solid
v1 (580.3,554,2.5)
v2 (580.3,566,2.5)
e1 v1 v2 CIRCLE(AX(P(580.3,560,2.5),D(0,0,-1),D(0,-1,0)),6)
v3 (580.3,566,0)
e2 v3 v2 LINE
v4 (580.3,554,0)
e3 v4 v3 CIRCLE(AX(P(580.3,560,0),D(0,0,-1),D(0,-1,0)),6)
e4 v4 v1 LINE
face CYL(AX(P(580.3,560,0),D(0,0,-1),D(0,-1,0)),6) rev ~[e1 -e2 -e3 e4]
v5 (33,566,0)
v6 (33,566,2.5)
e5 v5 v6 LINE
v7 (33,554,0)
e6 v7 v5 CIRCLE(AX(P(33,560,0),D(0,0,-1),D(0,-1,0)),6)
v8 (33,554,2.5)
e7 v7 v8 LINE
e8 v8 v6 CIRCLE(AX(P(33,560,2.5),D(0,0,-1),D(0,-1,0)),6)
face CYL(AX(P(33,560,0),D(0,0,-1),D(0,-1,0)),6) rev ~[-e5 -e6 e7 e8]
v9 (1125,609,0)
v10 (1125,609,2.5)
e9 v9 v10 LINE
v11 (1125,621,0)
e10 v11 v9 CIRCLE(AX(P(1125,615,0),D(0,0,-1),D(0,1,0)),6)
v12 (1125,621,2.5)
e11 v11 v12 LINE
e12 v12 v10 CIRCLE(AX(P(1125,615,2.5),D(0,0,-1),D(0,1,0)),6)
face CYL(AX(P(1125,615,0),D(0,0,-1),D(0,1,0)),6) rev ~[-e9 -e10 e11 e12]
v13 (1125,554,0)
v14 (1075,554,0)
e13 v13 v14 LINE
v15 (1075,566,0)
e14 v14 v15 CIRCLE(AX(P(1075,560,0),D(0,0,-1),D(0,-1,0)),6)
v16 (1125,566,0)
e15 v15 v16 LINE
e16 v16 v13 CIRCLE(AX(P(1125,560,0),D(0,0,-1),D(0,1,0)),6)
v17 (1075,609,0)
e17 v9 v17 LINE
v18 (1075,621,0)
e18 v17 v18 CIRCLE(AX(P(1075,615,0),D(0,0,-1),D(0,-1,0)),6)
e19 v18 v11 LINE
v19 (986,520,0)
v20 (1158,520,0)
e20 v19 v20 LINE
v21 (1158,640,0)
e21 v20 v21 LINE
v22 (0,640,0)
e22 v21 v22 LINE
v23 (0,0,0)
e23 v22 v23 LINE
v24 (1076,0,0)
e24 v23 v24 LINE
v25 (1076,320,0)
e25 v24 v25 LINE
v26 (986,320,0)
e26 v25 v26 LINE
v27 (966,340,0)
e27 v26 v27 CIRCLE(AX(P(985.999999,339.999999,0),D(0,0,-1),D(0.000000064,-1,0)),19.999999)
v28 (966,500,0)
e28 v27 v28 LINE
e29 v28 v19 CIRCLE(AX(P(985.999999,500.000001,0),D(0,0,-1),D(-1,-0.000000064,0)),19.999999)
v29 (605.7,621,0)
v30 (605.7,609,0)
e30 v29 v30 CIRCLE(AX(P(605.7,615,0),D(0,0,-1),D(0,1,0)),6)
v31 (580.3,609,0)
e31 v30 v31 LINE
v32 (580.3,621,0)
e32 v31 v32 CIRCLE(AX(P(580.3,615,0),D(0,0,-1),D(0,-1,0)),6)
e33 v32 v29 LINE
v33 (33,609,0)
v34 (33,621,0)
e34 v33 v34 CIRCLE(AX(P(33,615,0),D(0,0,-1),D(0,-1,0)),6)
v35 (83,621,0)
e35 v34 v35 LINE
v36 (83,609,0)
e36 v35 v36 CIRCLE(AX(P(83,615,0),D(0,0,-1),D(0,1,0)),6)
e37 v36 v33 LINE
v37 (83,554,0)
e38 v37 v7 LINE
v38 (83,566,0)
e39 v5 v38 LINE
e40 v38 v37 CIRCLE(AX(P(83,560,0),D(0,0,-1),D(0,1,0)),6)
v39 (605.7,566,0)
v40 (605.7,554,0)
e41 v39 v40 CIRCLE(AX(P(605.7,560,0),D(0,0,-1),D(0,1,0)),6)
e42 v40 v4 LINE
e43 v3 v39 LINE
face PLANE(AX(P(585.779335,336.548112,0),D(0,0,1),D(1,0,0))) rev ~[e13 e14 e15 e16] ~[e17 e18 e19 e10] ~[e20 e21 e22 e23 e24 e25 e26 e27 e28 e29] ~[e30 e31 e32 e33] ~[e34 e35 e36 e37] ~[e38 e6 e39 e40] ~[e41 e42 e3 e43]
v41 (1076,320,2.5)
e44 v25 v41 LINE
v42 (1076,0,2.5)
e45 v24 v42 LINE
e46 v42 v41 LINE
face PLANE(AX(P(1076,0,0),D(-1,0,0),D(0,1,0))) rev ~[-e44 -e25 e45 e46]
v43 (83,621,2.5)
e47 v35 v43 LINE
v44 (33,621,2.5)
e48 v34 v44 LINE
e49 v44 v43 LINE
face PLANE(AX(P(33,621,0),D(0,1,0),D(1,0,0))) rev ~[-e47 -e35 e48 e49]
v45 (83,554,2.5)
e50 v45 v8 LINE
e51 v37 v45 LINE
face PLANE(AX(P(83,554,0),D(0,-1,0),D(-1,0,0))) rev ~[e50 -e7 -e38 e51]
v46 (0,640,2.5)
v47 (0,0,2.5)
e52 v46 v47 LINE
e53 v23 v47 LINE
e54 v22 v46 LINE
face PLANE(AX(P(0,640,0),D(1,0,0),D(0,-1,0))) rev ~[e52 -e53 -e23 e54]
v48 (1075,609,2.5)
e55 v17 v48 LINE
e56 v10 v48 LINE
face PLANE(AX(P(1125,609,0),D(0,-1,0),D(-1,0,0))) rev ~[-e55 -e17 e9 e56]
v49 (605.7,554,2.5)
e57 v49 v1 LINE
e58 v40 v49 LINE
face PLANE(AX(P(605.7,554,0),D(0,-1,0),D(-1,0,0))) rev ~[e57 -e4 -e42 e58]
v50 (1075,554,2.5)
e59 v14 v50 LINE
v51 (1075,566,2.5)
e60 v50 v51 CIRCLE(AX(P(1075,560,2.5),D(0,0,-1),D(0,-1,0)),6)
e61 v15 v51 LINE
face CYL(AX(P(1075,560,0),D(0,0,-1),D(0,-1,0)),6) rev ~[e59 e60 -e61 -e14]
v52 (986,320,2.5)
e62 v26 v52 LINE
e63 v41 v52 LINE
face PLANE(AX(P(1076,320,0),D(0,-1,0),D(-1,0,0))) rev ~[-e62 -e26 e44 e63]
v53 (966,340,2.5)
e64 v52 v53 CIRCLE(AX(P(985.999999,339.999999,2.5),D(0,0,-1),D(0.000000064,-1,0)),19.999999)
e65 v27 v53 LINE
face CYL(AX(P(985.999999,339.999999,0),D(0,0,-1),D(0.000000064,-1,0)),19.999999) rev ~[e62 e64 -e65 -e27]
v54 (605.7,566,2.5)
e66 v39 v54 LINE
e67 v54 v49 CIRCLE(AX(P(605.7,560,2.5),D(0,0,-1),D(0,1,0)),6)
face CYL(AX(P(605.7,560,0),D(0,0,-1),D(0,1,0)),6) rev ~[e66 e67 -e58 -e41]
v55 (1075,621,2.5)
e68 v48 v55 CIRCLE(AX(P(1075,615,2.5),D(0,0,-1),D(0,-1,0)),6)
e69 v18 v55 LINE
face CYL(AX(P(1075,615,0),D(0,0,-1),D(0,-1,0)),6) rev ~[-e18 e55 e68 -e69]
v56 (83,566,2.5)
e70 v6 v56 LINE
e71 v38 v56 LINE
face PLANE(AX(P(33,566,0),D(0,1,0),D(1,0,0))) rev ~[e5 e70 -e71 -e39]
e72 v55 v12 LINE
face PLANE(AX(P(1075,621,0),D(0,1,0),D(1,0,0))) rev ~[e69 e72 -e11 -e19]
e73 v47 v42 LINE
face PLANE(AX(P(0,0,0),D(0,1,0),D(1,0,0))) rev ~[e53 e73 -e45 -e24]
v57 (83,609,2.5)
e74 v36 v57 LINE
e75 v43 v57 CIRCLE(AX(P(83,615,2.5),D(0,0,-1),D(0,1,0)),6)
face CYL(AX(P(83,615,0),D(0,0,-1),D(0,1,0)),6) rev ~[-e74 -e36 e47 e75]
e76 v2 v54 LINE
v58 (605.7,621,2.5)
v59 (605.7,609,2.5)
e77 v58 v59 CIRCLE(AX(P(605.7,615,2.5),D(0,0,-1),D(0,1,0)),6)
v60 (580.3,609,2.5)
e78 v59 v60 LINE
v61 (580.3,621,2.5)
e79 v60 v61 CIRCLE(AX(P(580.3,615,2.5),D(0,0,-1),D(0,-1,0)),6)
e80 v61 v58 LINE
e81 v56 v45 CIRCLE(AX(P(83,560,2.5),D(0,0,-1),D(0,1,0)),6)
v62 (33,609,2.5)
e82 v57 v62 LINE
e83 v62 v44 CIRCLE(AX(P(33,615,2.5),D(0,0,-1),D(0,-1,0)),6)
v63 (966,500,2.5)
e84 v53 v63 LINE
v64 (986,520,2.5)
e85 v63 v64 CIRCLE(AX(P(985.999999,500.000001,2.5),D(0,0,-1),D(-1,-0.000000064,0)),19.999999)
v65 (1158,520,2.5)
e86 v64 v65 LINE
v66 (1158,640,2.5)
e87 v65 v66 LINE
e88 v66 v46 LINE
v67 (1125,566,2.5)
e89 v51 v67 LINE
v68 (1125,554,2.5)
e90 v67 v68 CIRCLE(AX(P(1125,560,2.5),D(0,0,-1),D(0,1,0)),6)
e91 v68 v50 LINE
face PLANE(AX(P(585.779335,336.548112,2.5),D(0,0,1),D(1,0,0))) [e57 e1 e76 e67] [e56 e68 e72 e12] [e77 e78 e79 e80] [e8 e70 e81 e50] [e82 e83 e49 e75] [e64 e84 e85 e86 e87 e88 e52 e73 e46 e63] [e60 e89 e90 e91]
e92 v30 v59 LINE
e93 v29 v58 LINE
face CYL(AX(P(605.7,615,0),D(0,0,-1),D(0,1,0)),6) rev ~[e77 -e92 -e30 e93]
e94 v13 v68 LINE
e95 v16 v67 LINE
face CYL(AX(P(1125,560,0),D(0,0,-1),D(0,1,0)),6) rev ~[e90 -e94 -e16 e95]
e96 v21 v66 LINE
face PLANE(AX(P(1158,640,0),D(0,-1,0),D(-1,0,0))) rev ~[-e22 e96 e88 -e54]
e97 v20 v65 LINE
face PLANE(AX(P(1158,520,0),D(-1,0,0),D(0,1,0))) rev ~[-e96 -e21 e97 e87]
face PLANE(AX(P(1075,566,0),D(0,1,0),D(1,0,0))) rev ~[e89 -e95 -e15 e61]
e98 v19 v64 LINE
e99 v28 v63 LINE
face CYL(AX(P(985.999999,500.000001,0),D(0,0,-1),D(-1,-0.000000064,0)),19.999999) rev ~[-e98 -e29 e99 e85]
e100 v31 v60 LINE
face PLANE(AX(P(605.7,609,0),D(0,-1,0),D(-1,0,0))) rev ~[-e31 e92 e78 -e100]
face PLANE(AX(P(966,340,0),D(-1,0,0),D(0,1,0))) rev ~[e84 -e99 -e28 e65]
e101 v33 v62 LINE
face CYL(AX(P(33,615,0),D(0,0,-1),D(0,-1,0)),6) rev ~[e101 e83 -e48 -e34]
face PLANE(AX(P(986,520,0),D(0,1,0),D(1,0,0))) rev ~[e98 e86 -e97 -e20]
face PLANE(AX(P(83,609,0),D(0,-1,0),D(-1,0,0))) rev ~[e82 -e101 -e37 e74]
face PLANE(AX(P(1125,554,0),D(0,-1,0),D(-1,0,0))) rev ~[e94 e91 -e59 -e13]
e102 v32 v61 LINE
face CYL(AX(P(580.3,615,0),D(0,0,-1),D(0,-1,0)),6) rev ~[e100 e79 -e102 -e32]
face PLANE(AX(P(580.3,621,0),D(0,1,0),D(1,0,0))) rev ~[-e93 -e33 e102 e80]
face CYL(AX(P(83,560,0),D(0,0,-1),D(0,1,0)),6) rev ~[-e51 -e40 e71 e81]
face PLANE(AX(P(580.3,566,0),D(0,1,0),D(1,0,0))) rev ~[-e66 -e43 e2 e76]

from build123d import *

# Parameters (mm, degrees)
F1_DEPTH = 2.5


with BuildPart() as f1:
    # F0 (on Top) → F1 (new body)
    with BuildSketch(Plane.XY):
        with BuildLine():
            Line((0, 640), (0, 0))
            Line((0, 0), (1076, 0))
            Line((1076, 0), (1076, 320))
            Line((1076, 320), (986, 320))
            ThreePointArc((986, 320), (971.857864, 325.857864), (966, 340))
            Line((966, 340), (966, 500))
            ThreePointArc((966, 500), (971.857864, 514.142136), (986, 520))
            Line((986, 520), (1158, 520))
            Line((1158, 520), (1158, 640))
            Line((1158, 640), (0, 640))
        make_face()
        with BuildLine():
            ThreePointArc((33, 554), (27, 560), (33, 566))
            Line((33, 566), (83, 566))
            ThreePointArc((83, 566), (89, 560), (83, 554))
            Line((83, 554), (33, 554))
        make_face(mode=Mode.SUBTRACT)
        with BuildLine():
            ThreePointArc((33, 609), (27, 615), (33, 621))
            Line((33, 621), (83, 621))
            ThreePointArc((83, 621), (89, 615), (83, 609))
            Line((83, 609), (33, 609))
        make_face(mode=Mode.SUBTRACT)
        with BuildLine():
            Line((605.7, 554), (580.3, 554))
            ThreePointArc((580.3, 554), (574.3, 560), (580.3, 566))
            Line((580.3, 566), (605.7, 566))
            ThreePointArc((605.7, 566), (611.7, 560), (605.7, 554))
        make_face(mode=Mode.SUBTRACT)
        with BuildLine():
            Line((605.7, 609), (580.3, 609))
            ThreePointArc((580.3, 609), (574.3, 615), (580.3, 621))
            Line((580.3, 621), (605.7, 621))
            ThreePointArc((605.7, 621), (611.7, 615), (605.7, 609))
        make_face(mode=Mode.SUBTRACT)
        with BuildLine():
            ThreePointArc((1075, 554), (1069, 560), (1075, 566))
            Line((1075, 566), (1125, 566))
            ThreePointArc((1125, 566), (1131, 560), (1125, 554))
            Line((1125, 554), (1075, 554))
        make_face(mode=Mode.SUBTRACT)
        with BuildLine():
            ThreePointArc((1075, 609), (1069, 615), (1075, 621))
            Line((1075, 621), (1125, 621))
            ThreePointArc((1125, 621), (1131, 615), (1125, 609))
            Line((1125, 609), (1075, 609))
        make_face(mode=Mode.SUBTRACT)
    extrude(amount=F1_DEPTH)


solid = f1.part
